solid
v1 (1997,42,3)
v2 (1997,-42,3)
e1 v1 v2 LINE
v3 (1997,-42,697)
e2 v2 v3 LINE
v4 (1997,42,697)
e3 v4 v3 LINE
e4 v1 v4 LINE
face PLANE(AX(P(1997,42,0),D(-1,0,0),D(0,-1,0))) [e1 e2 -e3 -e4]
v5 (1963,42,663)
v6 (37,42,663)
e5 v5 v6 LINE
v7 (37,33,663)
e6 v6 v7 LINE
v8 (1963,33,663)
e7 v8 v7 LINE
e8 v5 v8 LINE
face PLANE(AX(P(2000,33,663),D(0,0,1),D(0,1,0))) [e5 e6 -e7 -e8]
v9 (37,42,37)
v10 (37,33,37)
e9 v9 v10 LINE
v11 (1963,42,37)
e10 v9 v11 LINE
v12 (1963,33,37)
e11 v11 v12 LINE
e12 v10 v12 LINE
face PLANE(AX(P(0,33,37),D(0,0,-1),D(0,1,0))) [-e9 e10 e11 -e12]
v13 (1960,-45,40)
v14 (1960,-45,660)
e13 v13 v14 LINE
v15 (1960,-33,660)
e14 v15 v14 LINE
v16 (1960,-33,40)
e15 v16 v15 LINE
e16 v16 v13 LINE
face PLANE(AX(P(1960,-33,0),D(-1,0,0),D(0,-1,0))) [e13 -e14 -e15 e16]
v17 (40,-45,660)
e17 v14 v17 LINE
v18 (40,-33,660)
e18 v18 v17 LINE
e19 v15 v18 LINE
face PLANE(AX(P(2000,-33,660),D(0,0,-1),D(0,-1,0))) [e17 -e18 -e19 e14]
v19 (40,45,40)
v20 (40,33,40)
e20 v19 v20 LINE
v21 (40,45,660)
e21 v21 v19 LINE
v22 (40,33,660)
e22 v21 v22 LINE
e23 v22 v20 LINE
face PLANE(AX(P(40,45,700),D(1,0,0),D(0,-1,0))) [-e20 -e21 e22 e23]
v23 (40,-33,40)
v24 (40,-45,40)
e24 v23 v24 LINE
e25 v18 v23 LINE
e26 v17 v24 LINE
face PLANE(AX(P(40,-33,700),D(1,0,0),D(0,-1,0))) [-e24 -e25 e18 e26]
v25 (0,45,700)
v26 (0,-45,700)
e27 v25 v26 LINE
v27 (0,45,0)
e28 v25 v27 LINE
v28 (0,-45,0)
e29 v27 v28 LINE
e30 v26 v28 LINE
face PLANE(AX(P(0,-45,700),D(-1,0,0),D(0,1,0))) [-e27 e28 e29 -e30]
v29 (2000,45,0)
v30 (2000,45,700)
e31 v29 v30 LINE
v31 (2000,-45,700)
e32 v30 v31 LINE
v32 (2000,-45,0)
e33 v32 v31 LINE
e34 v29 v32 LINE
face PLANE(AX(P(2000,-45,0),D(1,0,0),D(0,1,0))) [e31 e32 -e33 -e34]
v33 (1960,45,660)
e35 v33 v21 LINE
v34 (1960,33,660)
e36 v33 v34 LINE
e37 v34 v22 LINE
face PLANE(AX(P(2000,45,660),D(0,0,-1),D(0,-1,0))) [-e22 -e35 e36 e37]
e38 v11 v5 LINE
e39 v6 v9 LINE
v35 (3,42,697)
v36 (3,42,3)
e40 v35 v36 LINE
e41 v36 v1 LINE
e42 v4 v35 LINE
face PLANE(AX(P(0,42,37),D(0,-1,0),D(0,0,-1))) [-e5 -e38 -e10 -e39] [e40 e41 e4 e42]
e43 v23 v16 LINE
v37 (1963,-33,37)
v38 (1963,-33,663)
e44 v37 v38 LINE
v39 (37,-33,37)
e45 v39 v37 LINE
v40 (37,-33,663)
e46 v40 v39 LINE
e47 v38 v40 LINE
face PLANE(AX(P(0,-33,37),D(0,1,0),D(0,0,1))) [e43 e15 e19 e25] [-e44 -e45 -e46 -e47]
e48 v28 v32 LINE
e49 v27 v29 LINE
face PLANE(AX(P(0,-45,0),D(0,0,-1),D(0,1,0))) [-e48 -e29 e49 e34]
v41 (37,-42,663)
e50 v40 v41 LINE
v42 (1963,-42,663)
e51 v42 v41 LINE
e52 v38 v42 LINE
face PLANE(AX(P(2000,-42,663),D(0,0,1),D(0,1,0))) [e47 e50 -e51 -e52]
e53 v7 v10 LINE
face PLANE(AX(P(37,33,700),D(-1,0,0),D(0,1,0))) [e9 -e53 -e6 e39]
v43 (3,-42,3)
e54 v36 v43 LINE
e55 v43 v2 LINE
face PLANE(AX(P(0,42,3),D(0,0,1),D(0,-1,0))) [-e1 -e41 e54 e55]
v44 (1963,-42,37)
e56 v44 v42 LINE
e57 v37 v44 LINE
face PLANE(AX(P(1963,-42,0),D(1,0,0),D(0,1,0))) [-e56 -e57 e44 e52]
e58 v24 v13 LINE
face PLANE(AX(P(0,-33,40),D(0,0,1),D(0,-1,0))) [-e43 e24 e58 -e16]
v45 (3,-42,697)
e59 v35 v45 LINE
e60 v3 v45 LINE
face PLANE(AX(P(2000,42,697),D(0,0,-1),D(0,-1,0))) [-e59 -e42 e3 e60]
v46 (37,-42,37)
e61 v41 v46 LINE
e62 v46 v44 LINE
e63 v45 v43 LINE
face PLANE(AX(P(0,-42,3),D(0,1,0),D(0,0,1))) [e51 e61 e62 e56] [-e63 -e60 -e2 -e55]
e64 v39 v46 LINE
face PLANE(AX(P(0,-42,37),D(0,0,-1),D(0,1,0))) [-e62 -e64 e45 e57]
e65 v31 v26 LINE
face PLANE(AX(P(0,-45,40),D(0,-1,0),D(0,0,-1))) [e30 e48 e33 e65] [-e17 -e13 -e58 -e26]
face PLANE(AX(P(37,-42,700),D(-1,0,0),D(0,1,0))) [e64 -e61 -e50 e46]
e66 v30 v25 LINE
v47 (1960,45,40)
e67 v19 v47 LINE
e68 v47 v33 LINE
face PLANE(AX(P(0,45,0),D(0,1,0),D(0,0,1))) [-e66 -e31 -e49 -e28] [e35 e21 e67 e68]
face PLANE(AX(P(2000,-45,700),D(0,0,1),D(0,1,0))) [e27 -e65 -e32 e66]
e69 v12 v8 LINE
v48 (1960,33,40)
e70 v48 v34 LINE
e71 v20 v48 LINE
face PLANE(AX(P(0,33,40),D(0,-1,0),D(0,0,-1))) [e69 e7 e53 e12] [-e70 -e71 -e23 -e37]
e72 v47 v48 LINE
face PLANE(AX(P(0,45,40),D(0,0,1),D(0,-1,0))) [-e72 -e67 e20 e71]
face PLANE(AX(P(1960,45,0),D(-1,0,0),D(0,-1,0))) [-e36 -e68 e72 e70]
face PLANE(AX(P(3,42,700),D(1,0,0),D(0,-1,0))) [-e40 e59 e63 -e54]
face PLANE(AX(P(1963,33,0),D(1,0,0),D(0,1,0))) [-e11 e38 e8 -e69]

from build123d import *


with BuildPart() as f2:
    # F2: sweep along a path in F0
    with BuildLine(Plane.XZ) as f2_path:
        Line((0, 0), (2000, 0))
        Line((2000, 0), (2000, 700))
        Line((2000, 700), (0, 700))
        Line((0, 700), (0, 0))
    # F1 (on Right) → F2 (sweep)
    with BuildSketch(Plane.YZ):
        Polygon((-45, 0), (0, 0), (45, 0), (45, 40), (33, 40), (33, 37), (42, 37), (42, 3), (0, 3), (-42, 3), (-42, 37), (-33, 37), (-33, 40), (-45, 40), align=None)
    sweep(path=f2_path.line, transition=Transition.RIGHT)


solid = f2.part
